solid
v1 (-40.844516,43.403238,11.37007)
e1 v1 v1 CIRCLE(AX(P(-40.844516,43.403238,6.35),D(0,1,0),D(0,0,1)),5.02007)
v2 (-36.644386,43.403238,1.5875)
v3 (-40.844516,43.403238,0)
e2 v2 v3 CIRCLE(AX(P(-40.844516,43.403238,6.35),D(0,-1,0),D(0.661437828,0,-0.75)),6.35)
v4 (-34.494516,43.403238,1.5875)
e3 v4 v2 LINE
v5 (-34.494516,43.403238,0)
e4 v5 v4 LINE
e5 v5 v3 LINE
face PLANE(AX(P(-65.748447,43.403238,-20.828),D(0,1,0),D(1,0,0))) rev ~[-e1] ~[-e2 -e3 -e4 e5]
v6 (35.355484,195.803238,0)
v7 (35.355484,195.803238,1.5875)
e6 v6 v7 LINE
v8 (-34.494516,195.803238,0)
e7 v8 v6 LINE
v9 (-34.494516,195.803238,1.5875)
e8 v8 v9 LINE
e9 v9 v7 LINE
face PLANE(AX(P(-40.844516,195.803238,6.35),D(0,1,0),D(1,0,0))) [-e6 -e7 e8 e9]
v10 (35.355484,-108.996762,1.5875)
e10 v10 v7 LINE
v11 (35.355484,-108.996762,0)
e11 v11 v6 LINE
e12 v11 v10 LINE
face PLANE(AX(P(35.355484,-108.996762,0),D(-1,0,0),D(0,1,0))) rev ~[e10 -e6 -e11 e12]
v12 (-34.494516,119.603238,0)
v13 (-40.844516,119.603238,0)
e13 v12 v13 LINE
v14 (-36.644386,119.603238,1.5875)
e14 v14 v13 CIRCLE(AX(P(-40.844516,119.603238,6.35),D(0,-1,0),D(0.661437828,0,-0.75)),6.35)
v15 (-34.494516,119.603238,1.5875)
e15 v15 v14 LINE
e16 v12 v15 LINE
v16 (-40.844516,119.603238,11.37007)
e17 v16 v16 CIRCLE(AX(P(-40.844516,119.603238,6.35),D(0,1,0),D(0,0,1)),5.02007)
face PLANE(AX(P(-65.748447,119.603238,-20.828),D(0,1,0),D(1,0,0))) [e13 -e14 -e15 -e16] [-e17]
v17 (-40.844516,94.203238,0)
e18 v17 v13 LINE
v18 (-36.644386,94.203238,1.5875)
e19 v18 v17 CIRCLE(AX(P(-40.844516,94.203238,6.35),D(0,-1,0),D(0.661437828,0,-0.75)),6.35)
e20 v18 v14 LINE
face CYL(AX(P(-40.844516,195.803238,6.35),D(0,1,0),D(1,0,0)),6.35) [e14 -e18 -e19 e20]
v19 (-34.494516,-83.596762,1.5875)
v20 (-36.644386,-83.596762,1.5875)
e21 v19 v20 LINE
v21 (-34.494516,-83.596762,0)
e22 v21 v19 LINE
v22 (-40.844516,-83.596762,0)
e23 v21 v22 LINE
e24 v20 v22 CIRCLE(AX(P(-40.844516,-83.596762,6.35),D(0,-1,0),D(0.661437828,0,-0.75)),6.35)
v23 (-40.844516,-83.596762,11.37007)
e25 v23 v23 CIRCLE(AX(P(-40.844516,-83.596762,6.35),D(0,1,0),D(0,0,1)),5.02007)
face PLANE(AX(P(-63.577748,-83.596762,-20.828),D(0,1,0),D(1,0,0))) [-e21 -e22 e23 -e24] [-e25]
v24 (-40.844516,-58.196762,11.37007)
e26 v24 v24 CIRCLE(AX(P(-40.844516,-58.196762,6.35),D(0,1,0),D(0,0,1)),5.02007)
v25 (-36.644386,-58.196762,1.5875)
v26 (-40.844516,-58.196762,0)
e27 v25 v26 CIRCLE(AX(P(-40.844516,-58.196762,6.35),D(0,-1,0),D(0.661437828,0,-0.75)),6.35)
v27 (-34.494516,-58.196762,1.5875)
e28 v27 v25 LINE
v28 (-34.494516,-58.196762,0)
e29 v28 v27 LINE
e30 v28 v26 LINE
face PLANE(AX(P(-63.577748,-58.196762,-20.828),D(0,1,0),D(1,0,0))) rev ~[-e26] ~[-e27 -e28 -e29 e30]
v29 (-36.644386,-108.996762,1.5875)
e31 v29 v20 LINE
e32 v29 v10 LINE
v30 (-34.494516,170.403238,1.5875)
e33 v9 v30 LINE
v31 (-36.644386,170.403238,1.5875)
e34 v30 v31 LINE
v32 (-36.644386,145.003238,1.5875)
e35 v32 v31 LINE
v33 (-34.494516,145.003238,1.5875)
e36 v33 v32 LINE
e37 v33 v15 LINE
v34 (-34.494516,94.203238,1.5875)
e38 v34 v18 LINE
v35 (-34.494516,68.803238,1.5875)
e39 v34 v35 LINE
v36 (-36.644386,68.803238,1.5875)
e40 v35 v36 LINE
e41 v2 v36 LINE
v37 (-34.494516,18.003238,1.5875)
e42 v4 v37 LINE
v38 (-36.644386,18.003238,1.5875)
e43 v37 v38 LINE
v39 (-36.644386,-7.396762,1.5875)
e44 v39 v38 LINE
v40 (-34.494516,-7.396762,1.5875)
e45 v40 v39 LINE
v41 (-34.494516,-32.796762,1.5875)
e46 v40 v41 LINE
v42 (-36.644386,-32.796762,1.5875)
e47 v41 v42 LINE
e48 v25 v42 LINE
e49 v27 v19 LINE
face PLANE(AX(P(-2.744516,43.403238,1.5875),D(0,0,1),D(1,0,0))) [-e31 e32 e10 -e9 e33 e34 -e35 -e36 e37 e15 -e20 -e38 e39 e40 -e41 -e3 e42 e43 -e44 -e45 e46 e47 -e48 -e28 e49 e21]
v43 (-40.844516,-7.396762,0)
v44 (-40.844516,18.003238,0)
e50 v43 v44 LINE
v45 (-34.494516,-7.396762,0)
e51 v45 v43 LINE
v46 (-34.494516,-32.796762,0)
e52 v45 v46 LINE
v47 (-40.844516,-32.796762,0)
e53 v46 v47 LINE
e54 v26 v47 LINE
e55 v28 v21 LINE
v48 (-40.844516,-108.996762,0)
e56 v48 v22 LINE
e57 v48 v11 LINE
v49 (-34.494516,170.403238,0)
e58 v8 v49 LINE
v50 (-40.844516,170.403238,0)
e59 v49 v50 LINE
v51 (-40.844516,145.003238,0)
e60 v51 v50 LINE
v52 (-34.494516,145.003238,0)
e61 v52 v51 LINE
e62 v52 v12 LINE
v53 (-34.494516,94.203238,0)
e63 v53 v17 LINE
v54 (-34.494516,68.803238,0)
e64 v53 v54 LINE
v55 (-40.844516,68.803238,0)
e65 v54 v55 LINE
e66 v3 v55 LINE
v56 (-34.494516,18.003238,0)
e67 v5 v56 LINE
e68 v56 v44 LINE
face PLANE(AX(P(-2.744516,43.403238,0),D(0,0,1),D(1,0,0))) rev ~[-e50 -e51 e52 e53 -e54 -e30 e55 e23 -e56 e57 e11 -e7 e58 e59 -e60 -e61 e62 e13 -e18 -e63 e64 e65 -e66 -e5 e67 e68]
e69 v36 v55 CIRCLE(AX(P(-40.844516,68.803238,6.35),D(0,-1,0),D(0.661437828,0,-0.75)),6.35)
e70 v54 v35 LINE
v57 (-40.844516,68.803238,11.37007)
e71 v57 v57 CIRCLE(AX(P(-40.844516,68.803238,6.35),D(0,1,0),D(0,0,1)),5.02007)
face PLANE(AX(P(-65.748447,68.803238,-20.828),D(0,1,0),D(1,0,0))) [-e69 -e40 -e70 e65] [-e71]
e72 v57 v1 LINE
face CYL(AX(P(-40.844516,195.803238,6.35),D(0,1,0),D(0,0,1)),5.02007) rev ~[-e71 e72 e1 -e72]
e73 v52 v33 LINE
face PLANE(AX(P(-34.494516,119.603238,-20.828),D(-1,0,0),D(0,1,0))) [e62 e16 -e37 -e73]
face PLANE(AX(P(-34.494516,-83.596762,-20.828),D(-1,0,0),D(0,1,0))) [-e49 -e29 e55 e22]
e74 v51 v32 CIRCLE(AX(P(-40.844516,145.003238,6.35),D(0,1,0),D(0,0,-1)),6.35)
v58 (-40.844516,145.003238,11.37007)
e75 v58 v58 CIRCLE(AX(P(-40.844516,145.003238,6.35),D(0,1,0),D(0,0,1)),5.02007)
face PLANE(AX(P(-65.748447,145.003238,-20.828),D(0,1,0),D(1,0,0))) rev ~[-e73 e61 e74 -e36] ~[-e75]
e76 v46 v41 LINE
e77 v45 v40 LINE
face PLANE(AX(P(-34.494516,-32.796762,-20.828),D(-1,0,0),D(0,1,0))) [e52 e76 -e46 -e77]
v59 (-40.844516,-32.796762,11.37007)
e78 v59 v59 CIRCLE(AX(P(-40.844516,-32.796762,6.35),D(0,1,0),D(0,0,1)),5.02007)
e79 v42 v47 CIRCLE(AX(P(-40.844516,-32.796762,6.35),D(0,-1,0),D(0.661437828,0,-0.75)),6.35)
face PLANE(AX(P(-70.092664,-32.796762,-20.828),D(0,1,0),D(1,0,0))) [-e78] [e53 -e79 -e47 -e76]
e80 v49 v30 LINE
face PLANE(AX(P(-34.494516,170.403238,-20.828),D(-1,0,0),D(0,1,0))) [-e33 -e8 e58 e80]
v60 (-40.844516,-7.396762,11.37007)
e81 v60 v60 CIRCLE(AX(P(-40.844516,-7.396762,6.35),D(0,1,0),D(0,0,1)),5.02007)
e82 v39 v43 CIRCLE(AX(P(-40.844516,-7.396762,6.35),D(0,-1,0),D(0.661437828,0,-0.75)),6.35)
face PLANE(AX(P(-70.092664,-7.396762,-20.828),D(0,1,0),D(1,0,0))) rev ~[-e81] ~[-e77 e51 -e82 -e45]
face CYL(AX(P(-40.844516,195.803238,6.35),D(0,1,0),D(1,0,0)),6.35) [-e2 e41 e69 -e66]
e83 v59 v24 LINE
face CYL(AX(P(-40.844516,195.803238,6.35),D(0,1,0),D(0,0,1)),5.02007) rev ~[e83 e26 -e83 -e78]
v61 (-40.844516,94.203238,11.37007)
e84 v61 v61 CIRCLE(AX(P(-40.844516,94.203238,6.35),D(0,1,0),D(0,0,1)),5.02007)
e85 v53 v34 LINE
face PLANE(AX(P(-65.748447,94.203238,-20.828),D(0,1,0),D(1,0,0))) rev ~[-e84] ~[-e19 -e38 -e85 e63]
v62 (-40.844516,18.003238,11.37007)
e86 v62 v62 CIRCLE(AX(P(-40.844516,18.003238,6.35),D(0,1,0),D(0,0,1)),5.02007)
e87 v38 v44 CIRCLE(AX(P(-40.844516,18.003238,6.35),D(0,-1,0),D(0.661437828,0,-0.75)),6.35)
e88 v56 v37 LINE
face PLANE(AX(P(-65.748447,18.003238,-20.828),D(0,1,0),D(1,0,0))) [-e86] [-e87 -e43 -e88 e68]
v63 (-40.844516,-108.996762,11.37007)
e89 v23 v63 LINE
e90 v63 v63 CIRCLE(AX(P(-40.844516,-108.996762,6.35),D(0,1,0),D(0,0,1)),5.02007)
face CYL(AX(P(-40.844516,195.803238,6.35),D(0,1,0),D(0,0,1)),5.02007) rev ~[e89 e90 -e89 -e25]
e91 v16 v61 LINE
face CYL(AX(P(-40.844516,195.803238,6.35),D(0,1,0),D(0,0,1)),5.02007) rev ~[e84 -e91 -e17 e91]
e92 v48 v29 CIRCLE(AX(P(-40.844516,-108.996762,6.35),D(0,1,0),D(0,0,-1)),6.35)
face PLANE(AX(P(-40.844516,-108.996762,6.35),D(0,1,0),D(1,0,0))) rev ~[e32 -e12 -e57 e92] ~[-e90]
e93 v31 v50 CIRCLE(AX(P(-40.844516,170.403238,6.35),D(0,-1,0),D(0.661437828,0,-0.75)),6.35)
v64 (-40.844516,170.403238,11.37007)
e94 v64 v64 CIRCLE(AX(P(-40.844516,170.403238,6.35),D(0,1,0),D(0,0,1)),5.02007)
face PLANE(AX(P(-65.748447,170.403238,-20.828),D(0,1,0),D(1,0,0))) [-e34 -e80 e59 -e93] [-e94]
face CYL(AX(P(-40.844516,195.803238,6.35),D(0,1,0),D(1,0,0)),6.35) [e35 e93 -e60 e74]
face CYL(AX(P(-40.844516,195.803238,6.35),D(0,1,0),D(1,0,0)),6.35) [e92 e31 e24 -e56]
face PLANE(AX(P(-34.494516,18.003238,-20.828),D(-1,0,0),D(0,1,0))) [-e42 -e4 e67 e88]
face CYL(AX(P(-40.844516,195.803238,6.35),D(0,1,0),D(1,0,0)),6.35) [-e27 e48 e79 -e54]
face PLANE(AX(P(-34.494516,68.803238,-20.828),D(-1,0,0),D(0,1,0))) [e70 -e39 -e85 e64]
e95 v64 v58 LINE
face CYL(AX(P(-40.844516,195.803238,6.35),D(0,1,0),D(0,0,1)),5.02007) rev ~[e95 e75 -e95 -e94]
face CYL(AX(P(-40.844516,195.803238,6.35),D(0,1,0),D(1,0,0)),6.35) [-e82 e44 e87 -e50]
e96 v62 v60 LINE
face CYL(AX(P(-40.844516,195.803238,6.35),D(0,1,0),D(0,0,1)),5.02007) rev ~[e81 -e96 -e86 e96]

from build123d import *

# Parameters (mm, degrees)
SKETCH1_W               = 76.2
SKETCH1_H               = 304.8
BOSS_EXTRUDE1_DEPTH     = 1.5875
SKETCH2_R               = 6.35
BOSS_EXTRUDE2_DEPTH     = 304.8
CUT_EXTRUDE1_REACH      = 310.693
SKETCH5_R               = 5.020069527
CUT_EXTRUDE2_DEPTH      = 22.4155
CUT_EXTRUDE2_DEPTH_BACK = 22.4155
SKETCH6_W               = 31.253930699
SKETCH6_H               = 25.4
SKETCH6_W_2             = 35.598147882
SKETCH6_W_3             = 29.083231171


with BuildPart() as part:
    # Sketch1 → Boss-Extrude1 (new body)
    with BuildSketch(Plane.XY):
        with Locations((-2.744516439, 43.403238015)):
            Rectangle(SKETCH1_W, SKETCH1_H)
    extrude(amount=BOSS_EXTRUDE1_DEPTH)

    # Sketch2 → Boss-Extrude2 (add)
    with BuildSketch(Plane(origin=(0, 195.803238015, 0), x_dir=(1, 0, 0), z_dir=(0, 1, 0))):
        with Locations((-40.844516439, -6.35)):
            Circle(SKETCH2_R)
    extrude(amount=-BOSS_EXTRUDE2_DEPTH)

    # Sketch5 → Cut-Extrude1 (cut, up to next)
    with BuildSketch(Plane(origin=(0, 195.803238015, 0), x_dir=(1, 0, 0), z_dir=(0, 1, 0)), mode=Mode.PRIVATE) as cut_extrude1_sk1:
        with Locations(Location((-40.844516439, -6.35, 0), (0, 0, 270))):
            Circle(SKETCH5_R)
    cut_extrude1_tool1 = extrude(cut_extrude1_sk1.sketch, amount=-CUT_EXTRUDE1_REACH, mode=Mode.PRIVATE) & part.part
    add(cut_extrude1_tool1.solids().sort_by_distance((-40.844516, 195.803238, 6.35))[0], mode=Mode.SUBTRACT)

    # Sketch6 → Cut-Extrude2 (cut, two sides: drawn at the far end of the back side and taken through both)
    with BuildSketch(Plane.XY.offset(1.5875).offset(-CUT_EXTRUDE2_DEPTH_BACK)):
        with Locations((-50.121481789, 183.103238015)):
            Rectangle(SKETCH6_W, SKETCH6_H)
        with Locations((-50.121481789, 132.303238015)):
            Rectangle(SKETCH6_W, SKETCH6_H)
        with Locations((-50.121481789, 81.503238015)):
            Rectangle(SKETCH6_W, SKETCH6_H)
        with Locations((-50.121481789, 30.703238015)):
            Rectangle(SKETCH6_W, SKETCH6_H)
        with Locations((-52.29359038, -20.096761985)):
            Rectangle(SKETCH6_W_2, SKETCH6_H)
        with Locations((-49.036132025, -70.896761985)):
            Rectangle(SKETCH6_W_3, SKETCH6_H)
    extrude(amount=CUT_EXTRUDE2_DEPTH + CUT_EXTRUDE2_DEPTH_BACK, mode=Mode.SUBTRACT)


solid = part.part
